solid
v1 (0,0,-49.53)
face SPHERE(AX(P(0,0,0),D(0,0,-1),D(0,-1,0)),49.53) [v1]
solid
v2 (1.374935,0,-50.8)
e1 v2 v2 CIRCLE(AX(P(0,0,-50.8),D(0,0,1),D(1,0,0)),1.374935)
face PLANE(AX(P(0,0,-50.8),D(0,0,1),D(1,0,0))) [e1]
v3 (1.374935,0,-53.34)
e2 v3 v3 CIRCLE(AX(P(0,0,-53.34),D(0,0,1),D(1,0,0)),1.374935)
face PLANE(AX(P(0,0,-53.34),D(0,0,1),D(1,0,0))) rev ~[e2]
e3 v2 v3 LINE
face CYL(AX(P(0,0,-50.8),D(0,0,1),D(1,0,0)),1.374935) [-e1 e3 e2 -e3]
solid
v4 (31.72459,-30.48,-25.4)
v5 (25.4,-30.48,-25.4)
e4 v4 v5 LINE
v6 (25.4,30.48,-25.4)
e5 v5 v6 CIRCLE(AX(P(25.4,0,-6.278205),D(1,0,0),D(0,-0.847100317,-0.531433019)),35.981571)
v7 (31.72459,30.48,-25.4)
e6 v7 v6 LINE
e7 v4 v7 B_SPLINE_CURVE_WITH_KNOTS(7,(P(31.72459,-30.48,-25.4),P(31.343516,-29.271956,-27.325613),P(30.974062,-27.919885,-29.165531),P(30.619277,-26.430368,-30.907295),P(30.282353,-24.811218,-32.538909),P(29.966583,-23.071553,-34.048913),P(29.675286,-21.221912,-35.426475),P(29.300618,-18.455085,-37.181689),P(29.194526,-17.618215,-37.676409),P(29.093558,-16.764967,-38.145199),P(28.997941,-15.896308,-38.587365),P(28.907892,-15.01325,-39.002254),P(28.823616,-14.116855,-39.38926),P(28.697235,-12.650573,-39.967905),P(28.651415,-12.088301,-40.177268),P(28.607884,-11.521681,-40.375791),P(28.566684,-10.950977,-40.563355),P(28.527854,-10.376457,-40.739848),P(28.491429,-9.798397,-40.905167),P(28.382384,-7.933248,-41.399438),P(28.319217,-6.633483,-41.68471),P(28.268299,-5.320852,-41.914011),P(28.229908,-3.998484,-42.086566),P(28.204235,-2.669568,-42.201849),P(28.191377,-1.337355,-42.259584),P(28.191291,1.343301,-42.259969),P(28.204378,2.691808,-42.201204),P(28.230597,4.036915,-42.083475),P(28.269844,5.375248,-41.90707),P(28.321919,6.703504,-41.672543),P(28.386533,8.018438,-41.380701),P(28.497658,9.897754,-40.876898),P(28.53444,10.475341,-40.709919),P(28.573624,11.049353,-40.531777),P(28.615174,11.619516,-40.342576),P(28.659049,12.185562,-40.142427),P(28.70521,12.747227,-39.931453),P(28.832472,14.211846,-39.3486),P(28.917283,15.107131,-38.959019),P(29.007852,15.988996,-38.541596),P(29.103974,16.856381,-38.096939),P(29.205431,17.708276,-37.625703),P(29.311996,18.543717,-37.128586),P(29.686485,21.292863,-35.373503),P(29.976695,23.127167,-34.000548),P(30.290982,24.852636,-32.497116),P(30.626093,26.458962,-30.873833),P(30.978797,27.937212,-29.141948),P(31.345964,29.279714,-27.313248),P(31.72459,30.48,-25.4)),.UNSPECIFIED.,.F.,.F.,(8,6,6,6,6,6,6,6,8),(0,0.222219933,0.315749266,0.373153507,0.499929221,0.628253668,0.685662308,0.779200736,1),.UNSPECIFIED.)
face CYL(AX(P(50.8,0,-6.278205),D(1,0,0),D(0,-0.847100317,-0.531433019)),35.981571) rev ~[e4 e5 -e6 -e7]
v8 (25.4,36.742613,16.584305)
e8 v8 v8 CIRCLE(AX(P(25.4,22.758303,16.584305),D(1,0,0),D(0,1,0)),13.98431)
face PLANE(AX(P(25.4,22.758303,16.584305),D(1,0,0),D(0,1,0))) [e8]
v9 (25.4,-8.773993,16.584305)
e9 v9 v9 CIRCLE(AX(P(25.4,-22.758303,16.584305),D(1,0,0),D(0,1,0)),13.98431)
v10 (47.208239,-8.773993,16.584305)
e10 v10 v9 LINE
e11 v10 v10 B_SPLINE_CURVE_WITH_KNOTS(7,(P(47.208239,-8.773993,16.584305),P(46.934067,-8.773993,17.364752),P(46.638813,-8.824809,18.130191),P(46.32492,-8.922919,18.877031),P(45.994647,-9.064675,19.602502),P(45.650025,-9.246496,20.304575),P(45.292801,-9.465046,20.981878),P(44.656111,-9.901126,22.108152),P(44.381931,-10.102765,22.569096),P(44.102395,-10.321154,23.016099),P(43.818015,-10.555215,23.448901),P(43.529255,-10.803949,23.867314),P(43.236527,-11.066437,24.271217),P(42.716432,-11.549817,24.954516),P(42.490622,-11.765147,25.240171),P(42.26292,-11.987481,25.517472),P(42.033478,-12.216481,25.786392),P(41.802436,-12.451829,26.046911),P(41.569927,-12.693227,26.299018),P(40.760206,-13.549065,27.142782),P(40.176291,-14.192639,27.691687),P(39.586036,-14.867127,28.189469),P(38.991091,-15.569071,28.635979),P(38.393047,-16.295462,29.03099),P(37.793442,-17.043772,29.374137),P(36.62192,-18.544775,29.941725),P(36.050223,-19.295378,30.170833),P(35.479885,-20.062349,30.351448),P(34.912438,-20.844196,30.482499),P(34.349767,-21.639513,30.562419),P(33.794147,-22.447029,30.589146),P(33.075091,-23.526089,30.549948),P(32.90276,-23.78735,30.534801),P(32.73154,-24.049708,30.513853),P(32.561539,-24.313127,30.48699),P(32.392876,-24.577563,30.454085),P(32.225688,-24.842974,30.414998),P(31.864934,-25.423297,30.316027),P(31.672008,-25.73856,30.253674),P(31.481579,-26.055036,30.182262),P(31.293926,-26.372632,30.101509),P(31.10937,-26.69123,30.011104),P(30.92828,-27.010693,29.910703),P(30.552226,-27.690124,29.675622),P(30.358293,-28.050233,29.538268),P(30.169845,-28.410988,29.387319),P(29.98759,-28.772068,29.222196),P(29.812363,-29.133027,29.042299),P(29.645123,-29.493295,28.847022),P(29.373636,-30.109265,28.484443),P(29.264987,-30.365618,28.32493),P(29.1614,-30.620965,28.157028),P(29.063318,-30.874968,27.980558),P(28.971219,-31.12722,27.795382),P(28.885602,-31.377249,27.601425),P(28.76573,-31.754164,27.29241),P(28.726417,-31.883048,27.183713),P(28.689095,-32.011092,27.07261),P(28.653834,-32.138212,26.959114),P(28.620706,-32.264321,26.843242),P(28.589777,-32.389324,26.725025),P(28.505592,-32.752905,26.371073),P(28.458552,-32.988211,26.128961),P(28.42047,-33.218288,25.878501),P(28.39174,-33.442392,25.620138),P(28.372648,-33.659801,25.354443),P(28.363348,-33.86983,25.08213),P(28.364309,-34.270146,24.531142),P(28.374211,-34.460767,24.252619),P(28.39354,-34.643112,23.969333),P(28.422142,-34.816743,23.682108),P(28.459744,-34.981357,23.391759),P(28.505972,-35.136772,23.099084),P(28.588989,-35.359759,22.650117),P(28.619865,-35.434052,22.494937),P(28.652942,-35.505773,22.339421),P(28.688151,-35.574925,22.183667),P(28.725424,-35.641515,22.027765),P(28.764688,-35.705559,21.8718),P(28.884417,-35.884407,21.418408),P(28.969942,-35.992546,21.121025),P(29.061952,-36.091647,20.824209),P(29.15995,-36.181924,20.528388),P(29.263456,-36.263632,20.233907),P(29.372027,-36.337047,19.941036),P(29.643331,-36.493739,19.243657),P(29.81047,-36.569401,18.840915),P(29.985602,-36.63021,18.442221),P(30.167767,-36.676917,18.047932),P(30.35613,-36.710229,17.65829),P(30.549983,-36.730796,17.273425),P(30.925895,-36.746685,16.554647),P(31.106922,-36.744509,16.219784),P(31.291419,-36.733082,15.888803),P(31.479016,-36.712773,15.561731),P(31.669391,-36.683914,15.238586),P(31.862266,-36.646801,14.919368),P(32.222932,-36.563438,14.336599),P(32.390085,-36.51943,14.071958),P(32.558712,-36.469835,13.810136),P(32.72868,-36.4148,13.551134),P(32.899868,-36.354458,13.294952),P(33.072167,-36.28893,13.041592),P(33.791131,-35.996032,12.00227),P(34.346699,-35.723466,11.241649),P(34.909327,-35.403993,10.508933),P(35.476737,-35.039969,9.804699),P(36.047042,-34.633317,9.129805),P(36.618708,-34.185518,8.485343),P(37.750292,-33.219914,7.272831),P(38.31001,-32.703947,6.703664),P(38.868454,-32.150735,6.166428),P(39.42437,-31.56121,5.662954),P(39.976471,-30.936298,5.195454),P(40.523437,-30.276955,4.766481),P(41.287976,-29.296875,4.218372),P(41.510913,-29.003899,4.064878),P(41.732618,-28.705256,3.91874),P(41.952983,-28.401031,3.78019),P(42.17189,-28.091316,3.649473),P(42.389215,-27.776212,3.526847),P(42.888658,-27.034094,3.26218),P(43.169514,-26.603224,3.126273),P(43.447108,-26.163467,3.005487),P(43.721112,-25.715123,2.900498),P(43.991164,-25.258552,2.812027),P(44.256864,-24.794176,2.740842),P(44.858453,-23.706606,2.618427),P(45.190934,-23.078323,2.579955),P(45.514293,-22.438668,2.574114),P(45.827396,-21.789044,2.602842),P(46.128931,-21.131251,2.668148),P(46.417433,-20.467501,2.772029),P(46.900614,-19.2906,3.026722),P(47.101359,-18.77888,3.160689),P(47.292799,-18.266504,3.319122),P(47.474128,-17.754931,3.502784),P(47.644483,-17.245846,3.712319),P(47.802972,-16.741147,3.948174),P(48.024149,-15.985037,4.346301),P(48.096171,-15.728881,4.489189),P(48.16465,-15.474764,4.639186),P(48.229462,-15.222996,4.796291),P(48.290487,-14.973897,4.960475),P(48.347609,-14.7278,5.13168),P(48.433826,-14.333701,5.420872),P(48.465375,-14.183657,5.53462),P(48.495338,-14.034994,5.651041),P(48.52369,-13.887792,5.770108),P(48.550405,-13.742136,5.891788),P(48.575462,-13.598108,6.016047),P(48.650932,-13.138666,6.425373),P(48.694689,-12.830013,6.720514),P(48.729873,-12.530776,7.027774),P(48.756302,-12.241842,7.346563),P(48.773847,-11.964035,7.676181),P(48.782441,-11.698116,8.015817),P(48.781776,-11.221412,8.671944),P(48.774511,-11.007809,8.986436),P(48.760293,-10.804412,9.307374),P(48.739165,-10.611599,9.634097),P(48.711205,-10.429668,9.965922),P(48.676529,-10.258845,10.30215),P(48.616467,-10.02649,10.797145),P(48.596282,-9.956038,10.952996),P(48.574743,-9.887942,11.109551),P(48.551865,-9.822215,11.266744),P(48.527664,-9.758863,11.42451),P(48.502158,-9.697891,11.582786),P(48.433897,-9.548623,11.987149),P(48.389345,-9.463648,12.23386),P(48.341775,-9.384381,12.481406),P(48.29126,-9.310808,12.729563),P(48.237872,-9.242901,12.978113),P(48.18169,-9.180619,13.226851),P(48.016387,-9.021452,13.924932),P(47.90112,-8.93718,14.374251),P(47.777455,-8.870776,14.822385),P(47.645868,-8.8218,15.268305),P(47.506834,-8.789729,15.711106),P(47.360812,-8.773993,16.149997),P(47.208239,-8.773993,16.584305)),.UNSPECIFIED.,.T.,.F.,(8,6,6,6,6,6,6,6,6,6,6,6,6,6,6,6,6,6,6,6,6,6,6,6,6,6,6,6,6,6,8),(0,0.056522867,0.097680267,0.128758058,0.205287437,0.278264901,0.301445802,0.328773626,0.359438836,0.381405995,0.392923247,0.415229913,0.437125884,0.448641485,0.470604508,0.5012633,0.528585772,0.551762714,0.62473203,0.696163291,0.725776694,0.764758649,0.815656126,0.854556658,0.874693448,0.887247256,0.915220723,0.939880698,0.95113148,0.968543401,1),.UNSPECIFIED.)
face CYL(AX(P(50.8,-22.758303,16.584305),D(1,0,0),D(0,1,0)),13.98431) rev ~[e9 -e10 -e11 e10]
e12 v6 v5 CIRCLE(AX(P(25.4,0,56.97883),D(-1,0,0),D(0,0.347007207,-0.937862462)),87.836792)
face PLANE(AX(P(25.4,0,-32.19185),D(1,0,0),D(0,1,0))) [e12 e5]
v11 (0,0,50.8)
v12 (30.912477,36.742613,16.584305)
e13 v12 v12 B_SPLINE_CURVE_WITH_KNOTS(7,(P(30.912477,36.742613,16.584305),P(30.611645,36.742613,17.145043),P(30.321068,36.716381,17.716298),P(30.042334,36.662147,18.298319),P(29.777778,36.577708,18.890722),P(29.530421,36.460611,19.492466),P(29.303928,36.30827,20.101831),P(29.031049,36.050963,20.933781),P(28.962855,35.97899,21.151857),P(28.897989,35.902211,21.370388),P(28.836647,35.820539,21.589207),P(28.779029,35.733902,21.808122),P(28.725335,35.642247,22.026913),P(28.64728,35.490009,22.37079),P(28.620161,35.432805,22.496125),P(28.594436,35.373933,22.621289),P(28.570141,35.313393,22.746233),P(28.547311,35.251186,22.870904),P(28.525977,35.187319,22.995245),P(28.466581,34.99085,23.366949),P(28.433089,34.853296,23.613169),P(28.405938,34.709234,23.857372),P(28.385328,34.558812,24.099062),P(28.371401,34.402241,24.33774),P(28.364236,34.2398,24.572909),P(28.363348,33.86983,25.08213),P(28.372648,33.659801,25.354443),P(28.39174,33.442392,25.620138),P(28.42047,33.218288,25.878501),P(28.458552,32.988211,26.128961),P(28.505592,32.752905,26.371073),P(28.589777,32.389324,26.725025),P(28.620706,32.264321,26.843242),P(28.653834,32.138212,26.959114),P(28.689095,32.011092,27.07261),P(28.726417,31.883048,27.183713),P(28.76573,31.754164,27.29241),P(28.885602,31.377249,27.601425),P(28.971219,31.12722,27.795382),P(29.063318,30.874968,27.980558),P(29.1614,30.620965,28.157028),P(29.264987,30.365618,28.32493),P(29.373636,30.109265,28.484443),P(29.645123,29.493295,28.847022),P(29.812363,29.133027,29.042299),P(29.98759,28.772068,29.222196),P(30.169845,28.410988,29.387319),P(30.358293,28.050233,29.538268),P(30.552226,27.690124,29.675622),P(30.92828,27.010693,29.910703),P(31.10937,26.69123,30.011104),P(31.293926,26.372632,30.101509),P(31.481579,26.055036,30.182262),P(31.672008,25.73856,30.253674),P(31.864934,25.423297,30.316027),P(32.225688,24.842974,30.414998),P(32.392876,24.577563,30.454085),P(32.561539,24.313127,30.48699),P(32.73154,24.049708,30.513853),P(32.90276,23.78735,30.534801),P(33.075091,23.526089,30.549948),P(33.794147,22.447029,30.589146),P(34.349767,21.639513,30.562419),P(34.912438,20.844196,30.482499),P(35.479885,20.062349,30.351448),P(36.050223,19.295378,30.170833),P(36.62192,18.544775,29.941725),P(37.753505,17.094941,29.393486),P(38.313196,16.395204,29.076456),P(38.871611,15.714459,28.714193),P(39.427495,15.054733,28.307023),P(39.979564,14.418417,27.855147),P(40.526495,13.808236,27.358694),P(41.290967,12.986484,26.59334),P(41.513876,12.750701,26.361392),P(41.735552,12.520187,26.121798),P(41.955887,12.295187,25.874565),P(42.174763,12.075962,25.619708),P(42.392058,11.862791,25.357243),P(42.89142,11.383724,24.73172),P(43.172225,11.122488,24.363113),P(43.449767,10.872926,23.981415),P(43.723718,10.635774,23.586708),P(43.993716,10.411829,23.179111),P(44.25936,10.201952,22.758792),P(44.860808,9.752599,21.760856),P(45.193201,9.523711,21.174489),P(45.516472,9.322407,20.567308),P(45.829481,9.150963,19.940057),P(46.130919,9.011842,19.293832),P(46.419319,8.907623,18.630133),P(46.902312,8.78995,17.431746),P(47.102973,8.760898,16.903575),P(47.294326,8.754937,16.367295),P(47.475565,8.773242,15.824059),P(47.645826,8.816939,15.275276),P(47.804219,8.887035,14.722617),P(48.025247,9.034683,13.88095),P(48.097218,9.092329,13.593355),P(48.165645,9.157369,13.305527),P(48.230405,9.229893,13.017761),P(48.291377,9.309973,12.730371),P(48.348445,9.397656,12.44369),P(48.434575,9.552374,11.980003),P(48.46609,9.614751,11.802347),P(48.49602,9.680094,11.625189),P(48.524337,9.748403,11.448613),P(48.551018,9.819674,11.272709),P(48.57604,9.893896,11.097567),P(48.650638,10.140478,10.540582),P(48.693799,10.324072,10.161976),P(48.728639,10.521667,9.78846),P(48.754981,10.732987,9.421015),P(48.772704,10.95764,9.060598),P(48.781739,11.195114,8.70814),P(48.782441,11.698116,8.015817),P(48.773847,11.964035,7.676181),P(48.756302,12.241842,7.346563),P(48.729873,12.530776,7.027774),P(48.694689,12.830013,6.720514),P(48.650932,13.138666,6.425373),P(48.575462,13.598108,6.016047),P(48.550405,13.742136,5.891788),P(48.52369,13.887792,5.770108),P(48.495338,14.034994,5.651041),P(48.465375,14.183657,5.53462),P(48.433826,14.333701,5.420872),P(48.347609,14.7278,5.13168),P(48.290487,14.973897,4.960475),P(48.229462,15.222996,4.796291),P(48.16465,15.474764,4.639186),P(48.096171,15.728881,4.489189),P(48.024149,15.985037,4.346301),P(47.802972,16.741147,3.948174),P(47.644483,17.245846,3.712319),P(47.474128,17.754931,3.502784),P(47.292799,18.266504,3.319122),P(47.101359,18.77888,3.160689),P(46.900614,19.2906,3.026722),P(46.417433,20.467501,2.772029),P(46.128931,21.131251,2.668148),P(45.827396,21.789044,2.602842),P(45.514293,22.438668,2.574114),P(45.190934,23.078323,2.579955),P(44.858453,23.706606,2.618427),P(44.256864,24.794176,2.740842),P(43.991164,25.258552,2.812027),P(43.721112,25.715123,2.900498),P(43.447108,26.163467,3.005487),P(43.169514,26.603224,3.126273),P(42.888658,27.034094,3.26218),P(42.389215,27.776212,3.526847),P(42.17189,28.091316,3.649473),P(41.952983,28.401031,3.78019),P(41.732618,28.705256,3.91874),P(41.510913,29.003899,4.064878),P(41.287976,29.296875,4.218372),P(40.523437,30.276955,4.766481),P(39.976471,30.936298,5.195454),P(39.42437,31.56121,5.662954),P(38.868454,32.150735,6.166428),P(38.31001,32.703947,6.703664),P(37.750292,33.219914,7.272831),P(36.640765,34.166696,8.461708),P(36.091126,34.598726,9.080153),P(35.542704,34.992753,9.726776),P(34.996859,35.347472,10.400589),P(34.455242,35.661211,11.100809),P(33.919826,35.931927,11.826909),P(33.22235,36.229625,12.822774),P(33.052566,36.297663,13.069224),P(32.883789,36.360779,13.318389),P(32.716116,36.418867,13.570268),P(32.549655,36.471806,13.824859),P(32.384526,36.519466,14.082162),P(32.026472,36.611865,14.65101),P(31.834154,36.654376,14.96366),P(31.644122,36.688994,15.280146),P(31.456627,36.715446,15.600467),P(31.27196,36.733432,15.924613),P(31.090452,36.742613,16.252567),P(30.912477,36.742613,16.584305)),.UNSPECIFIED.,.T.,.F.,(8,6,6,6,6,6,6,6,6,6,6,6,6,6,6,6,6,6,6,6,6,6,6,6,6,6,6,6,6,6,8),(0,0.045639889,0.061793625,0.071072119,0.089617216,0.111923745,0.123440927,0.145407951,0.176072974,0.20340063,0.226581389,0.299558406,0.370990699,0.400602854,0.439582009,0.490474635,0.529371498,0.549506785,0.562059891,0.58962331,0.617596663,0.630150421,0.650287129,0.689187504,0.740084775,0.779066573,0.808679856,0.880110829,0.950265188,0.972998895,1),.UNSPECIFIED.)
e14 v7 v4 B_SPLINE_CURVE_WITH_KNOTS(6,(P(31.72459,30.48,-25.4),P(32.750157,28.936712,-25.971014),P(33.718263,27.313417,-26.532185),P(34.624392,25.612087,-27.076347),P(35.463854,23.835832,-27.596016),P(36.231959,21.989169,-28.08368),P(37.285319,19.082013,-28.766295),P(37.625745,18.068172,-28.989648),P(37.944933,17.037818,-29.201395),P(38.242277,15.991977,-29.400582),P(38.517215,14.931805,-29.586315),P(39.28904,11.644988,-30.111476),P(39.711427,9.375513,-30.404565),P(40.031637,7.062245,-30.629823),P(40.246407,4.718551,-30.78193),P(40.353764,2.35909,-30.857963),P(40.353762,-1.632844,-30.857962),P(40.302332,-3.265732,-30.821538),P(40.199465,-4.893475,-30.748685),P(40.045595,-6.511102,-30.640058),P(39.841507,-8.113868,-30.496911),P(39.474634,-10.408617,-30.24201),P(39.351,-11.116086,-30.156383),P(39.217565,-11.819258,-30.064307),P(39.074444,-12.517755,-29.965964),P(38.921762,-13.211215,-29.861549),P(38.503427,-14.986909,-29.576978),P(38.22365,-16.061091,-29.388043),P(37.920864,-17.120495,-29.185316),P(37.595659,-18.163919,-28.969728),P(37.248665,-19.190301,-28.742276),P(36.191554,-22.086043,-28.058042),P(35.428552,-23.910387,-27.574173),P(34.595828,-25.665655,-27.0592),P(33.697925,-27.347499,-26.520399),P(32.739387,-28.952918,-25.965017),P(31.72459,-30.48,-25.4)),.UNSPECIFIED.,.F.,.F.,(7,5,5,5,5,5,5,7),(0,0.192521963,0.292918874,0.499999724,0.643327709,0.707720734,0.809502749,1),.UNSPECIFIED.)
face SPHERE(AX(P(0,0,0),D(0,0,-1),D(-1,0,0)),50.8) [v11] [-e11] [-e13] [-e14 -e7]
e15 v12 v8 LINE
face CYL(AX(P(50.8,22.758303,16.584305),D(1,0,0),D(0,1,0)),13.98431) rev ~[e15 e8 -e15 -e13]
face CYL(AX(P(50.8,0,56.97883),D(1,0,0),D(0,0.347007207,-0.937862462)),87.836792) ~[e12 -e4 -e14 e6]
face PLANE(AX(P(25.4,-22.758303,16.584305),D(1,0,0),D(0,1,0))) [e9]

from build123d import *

# Parameters (mm, degrees)
F3_R      = 13.98431
F4_DEPTH  = 25.4
F9_R      = 1.374935
F10_DEPTH = 2.54


with BuildPart() as f1:
    # F0 (on Front) → F1 (revolve)
    with BuildSketch(Plane.XZ):
        with BuildLine():
            Line((0, -50.8), (0, 50.8))
            ThreePointArc((0, 50.8), (-50.8, 0), (0, -50.8))
        make_face()
    revolve(axis=Axis((0, 0, 0), (0, 0, -1)))

    # F3 (on offset) → F4 (cut)
    with BuildSketch(Plane.YZ.offset(50.8)):
        with Locations((-22.758303, 16.584305)):
            Circle(F3_R)
        with BuildLine():
            ThreePointArc((30.48, -25.4), (0, -30.857962), (-30.48, -25.4))
            ThreePointArc((-30.48, -25.4), (0, -42.259776), (30.48, -25.4))
        make_face()
        with Locations((22.758303, 16.584305)):
            Circle(F3_R)
    extrude(amount=-F4_DEPTH, mode=Mode.SUBTRACT)


with BuildPart() as f6:
    # F5 (on Right) → F6 (revolve)
    with BuildSketch(Plane.YZ):
        with BuildLine():
            Line((0, -49.53), (0, 49.53))
            ThreePointArc((0, 49.53), (-49.53, 0), (0, -49.53))
        make_face()
    revolve(axis=Axis((0, 0, 0), (0, 0, -1)))


with BuildPart() as f10:
    # F9 (on plane+point) → F10 (new body)
    with BuildSketch(Plane.XY.offset(-50.8)):
        Circle(F9_R)
    extrude(amount=-F10_DEPTH)


solid = Compound([f1.part, f6.part, f10.part])
